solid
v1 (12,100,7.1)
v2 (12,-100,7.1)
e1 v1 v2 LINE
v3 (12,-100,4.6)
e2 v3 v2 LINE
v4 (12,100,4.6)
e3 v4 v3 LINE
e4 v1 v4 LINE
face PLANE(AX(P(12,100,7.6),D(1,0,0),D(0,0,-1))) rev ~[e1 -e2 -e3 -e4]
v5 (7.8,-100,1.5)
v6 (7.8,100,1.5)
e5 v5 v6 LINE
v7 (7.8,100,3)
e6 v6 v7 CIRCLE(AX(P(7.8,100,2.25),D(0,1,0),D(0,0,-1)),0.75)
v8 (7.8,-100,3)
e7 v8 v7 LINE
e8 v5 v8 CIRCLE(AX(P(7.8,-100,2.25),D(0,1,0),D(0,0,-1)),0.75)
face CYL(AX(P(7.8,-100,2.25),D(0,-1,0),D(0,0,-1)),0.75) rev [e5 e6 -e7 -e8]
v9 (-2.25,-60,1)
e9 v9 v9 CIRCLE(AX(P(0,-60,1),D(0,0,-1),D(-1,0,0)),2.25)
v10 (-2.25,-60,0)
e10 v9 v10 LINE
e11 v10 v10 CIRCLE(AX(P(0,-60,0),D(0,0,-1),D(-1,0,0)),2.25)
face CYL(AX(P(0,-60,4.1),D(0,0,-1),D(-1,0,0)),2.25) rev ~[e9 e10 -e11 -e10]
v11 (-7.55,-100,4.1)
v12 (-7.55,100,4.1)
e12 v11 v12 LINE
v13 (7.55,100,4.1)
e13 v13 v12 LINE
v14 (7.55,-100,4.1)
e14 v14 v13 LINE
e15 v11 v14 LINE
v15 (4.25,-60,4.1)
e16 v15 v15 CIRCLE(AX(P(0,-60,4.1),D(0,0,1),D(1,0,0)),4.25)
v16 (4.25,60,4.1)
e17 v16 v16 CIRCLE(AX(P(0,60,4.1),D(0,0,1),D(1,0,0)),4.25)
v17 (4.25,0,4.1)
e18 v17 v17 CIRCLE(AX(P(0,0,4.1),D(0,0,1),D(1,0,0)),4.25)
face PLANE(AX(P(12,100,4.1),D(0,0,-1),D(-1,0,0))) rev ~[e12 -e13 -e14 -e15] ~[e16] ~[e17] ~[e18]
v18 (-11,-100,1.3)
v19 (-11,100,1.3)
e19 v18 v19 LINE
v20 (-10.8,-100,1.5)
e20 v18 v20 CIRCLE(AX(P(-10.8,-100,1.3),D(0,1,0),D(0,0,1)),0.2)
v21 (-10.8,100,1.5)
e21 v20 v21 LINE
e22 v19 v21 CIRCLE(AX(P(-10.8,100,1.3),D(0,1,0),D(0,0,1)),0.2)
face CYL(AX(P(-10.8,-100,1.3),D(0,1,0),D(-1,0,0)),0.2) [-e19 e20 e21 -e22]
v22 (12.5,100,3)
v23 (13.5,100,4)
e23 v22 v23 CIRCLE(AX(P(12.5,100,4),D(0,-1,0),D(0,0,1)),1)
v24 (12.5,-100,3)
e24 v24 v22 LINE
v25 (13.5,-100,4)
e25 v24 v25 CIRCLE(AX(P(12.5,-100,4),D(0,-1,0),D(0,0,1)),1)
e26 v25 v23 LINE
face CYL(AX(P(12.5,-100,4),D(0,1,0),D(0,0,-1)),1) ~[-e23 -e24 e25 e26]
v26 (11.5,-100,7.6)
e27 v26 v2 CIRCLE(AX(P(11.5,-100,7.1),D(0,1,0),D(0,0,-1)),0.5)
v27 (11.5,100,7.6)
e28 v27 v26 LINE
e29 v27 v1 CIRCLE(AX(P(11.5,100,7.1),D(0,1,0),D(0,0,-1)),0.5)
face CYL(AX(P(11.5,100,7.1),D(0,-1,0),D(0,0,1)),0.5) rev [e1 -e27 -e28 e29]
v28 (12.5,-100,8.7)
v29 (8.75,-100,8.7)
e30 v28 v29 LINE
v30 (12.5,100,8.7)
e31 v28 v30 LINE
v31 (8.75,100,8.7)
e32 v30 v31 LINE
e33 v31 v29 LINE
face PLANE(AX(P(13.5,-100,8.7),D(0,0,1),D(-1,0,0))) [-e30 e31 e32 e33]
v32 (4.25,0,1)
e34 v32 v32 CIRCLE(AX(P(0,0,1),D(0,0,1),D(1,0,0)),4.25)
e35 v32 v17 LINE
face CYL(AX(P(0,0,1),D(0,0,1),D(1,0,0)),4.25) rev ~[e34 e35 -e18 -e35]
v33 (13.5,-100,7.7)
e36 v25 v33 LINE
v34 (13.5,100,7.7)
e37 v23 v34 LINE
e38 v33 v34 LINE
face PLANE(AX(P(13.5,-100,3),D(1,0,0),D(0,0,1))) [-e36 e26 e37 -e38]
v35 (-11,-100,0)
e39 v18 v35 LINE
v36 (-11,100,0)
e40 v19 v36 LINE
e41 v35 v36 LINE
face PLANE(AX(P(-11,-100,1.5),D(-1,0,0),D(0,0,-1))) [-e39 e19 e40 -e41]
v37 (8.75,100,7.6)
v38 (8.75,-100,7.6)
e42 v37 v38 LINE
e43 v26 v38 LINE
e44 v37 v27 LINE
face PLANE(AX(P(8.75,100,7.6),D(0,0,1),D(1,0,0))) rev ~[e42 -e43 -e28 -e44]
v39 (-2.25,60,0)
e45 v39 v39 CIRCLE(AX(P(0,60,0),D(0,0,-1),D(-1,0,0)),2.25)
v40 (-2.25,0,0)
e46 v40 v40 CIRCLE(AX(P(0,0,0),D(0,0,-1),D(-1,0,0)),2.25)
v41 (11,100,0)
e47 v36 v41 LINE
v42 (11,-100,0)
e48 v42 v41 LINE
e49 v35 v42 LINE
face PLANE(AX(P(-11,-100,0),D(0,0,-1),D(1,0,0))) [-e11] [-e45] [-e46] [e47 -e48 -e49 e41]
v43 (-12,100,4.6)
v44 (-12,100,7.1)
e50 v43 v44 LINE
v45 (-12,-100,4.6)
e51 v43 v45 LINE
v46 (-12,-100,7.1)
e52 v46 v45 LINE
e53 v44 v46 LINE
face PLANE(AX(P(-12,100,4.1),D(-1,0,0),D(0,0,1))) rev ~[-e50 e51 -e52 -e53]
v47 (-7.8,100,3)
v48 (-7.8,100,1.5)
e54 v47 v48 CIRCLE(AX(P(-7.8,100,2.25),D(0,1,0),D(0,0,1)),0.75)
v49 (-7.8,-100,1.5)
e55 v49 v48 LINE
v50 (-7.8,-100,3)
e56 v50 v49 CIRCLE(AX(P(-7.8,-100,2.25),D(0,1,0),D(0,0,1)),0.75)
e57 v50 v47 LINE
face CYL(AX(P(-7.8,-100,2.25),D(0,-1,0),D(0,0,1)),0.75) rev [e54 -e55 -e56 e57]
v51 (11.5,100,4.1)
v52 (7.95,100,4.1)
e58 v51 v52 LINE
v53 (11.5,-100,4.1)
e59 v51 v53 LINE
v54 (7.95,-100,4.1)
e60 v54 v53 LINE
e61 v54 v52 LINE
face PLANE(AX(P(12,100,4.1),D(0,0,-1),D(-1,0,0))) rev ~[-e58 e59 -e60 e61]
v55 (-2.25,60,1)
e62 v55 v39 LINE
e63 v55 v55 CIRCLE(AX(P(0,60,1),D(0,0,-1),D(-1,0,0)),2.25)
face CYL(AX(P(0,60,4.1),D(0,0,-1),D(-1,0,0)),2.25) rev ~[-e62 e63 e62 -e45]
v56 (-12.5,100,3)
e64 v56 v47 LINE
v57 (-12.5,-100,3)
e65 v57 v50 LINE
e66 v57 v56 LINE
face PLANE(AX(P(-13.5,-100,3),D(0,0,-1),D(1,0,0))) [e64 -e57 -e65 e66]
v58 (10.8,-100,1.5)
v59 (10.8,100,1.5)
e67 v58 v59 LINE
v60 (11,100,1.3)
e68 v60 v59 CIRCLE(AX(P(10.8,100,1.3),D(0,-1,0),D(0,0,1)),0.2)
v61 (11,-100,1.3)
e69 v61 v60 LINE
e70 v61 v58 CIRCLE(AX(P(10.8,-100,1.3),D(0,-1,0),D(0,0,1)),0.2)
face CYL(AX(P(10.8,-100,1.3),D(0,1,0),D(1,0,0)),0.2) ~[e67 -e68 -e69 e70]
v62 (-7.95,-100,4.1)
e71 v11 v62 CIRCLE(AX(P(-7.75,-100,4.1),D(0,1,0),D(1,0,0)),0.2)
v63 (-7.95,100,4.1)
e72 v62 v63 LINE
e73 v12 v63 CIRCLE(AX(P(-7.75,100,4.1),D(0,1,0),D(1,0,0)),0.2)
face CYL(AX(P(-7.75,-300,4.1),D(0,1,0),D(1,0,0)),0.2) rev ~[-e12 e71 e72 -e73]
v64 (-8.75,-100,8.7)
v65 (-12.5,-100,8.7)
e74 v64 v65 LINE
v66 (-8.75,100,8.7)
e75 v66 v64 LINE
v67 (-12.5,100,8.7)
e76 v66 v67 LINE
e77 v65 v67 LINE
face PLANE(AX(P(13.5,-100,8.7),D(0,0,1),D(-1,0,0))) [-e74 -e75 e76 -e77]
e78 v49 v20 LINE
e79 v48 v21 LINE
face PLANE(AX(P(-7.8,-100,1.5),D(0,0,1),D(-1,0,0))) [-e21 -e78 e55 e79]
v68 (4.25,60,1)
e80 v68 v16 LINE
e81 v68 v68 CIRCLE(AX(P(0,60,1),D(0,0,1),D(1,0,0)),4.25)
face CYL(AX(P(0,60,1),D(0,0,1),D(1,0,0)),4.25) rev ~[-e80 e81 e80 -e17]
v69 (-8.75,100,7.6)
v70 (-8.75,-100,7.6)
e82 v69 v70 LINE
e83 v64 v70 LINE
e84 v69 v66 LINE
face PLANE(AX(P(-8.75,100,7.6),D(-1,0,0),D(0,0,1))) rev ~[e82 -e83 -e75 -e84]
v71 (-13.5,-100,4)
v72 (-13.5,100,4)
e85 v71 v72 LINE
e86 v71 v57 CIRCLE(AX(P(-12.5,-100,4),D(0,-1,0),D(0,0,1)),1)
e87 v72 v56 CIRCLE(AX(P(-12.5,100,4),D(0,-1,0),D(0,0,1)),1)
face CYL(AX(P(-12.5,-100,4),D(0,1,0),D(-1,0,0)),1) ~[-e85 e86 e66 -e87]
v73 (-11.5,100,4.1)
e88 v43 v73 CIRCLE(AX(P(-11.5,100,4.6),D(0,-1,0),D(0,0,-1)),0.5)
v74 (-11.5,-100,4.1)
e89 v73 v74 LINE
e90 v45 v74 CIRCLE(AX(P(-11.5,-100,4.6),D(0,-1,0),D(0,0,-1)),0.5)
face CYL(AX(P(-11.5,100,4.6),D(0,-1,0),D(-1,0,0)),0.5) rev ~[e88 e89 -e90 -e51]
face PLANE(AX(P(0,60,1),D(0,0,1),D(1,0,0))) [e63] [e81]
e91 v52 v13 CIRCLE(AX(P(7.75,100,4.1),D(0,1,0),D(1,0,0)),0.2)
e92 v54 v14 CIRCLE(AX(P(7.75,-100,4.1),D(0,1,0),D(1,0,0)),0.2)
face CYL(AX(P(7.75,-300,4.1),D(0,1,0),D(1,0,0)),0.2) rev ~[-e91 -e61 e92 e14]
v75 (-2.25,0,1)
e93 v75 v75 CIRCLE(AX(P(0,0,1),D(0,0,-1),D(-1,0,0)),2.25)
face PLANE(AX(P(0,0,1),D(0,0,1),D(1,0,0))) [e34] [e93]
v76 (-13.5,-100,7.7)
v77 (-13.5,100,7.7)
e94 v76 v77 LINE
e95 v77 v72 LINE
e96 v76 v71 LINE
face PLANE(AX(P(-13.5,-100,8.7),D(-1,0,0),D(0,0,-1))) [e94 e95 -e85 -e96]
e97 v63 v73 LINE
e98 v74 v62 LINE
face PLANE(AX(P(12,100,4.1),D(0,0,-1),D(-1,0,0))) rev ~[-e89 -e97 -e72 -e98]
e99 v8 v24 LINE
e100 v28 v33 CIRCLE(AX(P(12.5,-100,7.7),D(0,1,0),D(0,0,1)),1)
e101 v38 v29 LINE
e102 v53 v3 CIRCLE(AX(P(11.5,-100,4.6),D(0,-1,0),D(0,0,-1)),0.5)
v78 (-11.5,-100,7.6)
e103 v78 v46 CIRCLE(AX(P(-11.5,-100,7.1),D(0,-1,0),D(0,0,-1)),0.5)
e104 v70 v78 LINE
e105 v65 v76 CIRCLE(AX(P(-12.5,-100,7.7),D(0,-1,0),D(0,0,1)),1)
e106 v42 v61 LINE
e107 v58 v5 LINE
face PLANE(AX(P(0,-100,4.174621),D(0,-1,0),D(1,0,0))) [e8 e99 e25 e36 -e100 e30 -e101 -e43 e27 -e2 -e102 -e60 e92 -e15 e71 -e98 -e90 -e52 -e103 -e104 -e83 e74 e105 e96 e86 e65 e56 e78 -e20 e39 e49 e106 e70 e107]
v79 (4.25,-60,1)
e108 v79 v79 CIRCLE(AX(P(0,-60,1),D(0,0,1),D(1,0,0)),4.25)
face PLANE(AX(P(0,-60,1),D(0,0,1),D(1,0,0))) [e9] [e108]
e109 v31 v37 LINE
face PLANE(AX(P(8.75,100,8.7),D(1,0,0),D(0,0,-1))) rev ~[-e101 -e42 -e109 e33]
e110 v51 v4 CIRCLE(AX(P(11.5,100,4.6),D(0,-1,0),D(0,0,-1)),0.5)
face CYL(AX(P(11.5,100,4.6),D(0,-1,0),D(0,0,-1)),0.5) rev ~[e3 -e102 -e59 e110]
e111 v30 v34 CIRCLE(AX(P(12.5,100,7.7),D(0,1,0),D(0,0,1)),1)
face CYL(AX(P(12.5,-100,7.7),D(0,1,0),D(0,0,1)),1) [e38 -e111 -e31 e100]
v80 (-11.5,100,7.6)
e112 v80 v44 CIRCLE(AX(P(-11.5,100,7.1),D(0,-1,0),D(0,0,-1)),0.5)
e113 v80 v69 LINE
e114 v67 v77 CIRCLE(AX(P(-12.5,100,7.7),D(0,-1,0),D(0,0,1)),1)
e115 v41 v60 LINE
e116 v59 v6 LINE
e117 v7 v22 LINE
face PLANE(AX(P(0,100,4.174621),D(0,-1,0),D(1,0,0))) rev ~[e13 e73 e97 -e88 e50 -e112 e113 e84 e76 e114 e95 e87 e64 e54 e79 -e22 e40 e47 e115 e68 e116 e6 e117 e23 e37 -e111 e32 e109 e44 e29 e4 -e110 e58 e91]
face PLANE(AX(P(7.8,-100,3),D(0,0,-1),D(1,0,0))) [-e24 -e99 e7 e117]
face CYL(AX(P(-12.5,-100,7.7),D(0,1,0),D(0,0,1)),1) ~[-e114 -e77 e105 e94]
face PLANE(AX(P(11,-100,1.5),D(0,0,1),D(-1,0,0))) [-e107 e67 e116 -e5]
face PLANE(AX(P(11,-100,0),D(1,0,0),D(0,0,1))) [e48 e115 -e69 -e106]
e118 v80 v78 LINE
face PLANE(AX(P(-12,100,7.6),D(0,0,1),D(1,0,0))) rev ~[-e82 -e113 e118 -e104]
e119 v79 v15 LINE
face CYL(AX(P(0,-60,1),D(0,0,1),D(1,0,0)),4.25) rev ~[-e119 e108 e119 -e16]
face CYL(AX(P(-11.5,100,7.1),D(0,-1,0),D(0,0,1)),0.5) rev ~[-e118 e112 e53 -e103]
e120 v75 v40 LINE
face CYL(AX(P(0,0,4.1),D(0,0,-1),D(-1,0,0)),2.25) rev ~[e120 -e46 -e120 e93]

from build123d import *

# Parameters (mm, degrees)
BOSS_EXTRU_1_DEPTH                                 = 200
ENL_V_MAT_EXTRU_1_DEPTH                            = 201
DIAM_TRE_DU_PER_AGE_0_4_0_4_1_D                    = 0.4
DIAM_TRE_DU_PER_AGE_0_4_0_4_1_DEPTH                = 200
CHAMBRAGE_POUR_VIS_T_TE_HEXAGONALE_M41_D           = 4.5
CHAMBRAGE_POUR_VIS_T_TE_HEXAGONALE_M41_CBORE_D     = 8.5
CHAMBRAGE_POUR_VIS_T_TE_HEXAGONALE_M41_CBORE_DEPTH = 3.1
CONG_1_R                                           = 0.2
CONG_2_R                                           = 0.5
CONG_3_R                                           = 1


with BuildPart() as part:
    # Esquisse1 → Boss.-Extru.1 (new body)
    with BuildSketch(Plane.XZ.offset(100)):
        with BuildLine():
            Line((-11, 0), (11, 0))
            Line((11, 0), (11, 1.5))
            Line((11, 1.5), (7.8, 1.5))
            ThreePointArc((7.8, 1.5), (7.05, 2.25), (7.8, 3))
            Line((7.8, 3), (13.5, 3))
            Line((13.5, 3), (13.5, 8.7))
            Line((13.5, 8.7), (-13.5, 8.7))
            Line((-13.5, 8.7), (-13.5, 3))
            Line((-13.5, 3), (-7.8, 3))
            ThreePointArc((-7.8, 3), (-7.05, 2.25), (-7.8, 1.5))
            Line((-7.8, 1.5), (-11, 1.5))
            Line((-11, 1.5), (-11, 0))
        make_face()
    extrude(amount=-BOSS_EXTRU_1_DEPTH)

    # Esquisse2 → Enlèv. mat.-Extru.1 (cut, through all)
    with BuildSketch(Plane(origin=(0, 100, 0), x_dir=(-1, 0, 0), z_dir=(0, 1, 0))):
        Polygon((8.75, 8.7), (-8.75, 8.7), (-8.75, 7.6), (-12, 7.6), (-12, 4.1), (12, 4.1), (12, 7.6), (8.75, 7.6), align=None)
    extrude(amount=-ENL_V_MAT_EXTRU_1_DEPTH, mode=Mode.SUBTRACT)

    # Diamètre du perçage Ø0.4 (0.4)1
    with Locations(Plane(origin=(0, -100, 0), x_dir=(-1, 0, 0), z_dir=(0, -1, 0))):
        with Locations((-7.75, -4.1), (7.75, -4.1)):
            Hole(DIAM_TRE_DU_PER_AGE_0_4_0_4_1_D / 2, depth=DIAM_TRE_DU_PER_AGE_0_4_0_4_1_DEPTH)

    # Chambrage pour vis à tête hexagonale M41 (through all)
    with Locations(Plane.XY.offset(4.1)):
        with Locations((0, -60), (0, 0), (0, 60)):
            CounterBoreHole(CHAMBRAGE_POUR_VIS_T_TE_HEXAGONALE_M41_D / 2, CHAMBRAGE_POUR_VIS_T_TE_HEXAGONALE_M41_CBORE_D / 2, CHAMBRAGE_POUR_VIS_T_TE_HEXAGONALE_M41_CBORE_DEPTH)

    # Congé1
    cong_1_edges = [part.edges().sort_by_distance(p)[0] for p in [
        (-11, 0, 1.5),
        (11, 0, 1.5),
    ]]
    fillet(cong_1_edges, radius=CONG_1_R)

    # Congé2
    cong_2_edges = [part.edges().sort_by_distance(p)[0] for p in [
        (-12, 0, 7.6),
        (-12, 0, 4.1),
        (12, 0, 4.1),
        (12, 0, 7.6),
    ]]
    fillet(cong_2_edges, radius=CONG_2_R)

    # Congé3
    cong_3_edges = [part.edges().sort_by_distance(p)[0] for p in [
        (-13.5, 0, 3),
        (-13.5, 0, 8.7),
        (13.5, 0, 8.7),
        (13.5, 0, 3),
    ]]
    fillet(cong_3_edges, radius=CONG_3_R)


solid = part.part
